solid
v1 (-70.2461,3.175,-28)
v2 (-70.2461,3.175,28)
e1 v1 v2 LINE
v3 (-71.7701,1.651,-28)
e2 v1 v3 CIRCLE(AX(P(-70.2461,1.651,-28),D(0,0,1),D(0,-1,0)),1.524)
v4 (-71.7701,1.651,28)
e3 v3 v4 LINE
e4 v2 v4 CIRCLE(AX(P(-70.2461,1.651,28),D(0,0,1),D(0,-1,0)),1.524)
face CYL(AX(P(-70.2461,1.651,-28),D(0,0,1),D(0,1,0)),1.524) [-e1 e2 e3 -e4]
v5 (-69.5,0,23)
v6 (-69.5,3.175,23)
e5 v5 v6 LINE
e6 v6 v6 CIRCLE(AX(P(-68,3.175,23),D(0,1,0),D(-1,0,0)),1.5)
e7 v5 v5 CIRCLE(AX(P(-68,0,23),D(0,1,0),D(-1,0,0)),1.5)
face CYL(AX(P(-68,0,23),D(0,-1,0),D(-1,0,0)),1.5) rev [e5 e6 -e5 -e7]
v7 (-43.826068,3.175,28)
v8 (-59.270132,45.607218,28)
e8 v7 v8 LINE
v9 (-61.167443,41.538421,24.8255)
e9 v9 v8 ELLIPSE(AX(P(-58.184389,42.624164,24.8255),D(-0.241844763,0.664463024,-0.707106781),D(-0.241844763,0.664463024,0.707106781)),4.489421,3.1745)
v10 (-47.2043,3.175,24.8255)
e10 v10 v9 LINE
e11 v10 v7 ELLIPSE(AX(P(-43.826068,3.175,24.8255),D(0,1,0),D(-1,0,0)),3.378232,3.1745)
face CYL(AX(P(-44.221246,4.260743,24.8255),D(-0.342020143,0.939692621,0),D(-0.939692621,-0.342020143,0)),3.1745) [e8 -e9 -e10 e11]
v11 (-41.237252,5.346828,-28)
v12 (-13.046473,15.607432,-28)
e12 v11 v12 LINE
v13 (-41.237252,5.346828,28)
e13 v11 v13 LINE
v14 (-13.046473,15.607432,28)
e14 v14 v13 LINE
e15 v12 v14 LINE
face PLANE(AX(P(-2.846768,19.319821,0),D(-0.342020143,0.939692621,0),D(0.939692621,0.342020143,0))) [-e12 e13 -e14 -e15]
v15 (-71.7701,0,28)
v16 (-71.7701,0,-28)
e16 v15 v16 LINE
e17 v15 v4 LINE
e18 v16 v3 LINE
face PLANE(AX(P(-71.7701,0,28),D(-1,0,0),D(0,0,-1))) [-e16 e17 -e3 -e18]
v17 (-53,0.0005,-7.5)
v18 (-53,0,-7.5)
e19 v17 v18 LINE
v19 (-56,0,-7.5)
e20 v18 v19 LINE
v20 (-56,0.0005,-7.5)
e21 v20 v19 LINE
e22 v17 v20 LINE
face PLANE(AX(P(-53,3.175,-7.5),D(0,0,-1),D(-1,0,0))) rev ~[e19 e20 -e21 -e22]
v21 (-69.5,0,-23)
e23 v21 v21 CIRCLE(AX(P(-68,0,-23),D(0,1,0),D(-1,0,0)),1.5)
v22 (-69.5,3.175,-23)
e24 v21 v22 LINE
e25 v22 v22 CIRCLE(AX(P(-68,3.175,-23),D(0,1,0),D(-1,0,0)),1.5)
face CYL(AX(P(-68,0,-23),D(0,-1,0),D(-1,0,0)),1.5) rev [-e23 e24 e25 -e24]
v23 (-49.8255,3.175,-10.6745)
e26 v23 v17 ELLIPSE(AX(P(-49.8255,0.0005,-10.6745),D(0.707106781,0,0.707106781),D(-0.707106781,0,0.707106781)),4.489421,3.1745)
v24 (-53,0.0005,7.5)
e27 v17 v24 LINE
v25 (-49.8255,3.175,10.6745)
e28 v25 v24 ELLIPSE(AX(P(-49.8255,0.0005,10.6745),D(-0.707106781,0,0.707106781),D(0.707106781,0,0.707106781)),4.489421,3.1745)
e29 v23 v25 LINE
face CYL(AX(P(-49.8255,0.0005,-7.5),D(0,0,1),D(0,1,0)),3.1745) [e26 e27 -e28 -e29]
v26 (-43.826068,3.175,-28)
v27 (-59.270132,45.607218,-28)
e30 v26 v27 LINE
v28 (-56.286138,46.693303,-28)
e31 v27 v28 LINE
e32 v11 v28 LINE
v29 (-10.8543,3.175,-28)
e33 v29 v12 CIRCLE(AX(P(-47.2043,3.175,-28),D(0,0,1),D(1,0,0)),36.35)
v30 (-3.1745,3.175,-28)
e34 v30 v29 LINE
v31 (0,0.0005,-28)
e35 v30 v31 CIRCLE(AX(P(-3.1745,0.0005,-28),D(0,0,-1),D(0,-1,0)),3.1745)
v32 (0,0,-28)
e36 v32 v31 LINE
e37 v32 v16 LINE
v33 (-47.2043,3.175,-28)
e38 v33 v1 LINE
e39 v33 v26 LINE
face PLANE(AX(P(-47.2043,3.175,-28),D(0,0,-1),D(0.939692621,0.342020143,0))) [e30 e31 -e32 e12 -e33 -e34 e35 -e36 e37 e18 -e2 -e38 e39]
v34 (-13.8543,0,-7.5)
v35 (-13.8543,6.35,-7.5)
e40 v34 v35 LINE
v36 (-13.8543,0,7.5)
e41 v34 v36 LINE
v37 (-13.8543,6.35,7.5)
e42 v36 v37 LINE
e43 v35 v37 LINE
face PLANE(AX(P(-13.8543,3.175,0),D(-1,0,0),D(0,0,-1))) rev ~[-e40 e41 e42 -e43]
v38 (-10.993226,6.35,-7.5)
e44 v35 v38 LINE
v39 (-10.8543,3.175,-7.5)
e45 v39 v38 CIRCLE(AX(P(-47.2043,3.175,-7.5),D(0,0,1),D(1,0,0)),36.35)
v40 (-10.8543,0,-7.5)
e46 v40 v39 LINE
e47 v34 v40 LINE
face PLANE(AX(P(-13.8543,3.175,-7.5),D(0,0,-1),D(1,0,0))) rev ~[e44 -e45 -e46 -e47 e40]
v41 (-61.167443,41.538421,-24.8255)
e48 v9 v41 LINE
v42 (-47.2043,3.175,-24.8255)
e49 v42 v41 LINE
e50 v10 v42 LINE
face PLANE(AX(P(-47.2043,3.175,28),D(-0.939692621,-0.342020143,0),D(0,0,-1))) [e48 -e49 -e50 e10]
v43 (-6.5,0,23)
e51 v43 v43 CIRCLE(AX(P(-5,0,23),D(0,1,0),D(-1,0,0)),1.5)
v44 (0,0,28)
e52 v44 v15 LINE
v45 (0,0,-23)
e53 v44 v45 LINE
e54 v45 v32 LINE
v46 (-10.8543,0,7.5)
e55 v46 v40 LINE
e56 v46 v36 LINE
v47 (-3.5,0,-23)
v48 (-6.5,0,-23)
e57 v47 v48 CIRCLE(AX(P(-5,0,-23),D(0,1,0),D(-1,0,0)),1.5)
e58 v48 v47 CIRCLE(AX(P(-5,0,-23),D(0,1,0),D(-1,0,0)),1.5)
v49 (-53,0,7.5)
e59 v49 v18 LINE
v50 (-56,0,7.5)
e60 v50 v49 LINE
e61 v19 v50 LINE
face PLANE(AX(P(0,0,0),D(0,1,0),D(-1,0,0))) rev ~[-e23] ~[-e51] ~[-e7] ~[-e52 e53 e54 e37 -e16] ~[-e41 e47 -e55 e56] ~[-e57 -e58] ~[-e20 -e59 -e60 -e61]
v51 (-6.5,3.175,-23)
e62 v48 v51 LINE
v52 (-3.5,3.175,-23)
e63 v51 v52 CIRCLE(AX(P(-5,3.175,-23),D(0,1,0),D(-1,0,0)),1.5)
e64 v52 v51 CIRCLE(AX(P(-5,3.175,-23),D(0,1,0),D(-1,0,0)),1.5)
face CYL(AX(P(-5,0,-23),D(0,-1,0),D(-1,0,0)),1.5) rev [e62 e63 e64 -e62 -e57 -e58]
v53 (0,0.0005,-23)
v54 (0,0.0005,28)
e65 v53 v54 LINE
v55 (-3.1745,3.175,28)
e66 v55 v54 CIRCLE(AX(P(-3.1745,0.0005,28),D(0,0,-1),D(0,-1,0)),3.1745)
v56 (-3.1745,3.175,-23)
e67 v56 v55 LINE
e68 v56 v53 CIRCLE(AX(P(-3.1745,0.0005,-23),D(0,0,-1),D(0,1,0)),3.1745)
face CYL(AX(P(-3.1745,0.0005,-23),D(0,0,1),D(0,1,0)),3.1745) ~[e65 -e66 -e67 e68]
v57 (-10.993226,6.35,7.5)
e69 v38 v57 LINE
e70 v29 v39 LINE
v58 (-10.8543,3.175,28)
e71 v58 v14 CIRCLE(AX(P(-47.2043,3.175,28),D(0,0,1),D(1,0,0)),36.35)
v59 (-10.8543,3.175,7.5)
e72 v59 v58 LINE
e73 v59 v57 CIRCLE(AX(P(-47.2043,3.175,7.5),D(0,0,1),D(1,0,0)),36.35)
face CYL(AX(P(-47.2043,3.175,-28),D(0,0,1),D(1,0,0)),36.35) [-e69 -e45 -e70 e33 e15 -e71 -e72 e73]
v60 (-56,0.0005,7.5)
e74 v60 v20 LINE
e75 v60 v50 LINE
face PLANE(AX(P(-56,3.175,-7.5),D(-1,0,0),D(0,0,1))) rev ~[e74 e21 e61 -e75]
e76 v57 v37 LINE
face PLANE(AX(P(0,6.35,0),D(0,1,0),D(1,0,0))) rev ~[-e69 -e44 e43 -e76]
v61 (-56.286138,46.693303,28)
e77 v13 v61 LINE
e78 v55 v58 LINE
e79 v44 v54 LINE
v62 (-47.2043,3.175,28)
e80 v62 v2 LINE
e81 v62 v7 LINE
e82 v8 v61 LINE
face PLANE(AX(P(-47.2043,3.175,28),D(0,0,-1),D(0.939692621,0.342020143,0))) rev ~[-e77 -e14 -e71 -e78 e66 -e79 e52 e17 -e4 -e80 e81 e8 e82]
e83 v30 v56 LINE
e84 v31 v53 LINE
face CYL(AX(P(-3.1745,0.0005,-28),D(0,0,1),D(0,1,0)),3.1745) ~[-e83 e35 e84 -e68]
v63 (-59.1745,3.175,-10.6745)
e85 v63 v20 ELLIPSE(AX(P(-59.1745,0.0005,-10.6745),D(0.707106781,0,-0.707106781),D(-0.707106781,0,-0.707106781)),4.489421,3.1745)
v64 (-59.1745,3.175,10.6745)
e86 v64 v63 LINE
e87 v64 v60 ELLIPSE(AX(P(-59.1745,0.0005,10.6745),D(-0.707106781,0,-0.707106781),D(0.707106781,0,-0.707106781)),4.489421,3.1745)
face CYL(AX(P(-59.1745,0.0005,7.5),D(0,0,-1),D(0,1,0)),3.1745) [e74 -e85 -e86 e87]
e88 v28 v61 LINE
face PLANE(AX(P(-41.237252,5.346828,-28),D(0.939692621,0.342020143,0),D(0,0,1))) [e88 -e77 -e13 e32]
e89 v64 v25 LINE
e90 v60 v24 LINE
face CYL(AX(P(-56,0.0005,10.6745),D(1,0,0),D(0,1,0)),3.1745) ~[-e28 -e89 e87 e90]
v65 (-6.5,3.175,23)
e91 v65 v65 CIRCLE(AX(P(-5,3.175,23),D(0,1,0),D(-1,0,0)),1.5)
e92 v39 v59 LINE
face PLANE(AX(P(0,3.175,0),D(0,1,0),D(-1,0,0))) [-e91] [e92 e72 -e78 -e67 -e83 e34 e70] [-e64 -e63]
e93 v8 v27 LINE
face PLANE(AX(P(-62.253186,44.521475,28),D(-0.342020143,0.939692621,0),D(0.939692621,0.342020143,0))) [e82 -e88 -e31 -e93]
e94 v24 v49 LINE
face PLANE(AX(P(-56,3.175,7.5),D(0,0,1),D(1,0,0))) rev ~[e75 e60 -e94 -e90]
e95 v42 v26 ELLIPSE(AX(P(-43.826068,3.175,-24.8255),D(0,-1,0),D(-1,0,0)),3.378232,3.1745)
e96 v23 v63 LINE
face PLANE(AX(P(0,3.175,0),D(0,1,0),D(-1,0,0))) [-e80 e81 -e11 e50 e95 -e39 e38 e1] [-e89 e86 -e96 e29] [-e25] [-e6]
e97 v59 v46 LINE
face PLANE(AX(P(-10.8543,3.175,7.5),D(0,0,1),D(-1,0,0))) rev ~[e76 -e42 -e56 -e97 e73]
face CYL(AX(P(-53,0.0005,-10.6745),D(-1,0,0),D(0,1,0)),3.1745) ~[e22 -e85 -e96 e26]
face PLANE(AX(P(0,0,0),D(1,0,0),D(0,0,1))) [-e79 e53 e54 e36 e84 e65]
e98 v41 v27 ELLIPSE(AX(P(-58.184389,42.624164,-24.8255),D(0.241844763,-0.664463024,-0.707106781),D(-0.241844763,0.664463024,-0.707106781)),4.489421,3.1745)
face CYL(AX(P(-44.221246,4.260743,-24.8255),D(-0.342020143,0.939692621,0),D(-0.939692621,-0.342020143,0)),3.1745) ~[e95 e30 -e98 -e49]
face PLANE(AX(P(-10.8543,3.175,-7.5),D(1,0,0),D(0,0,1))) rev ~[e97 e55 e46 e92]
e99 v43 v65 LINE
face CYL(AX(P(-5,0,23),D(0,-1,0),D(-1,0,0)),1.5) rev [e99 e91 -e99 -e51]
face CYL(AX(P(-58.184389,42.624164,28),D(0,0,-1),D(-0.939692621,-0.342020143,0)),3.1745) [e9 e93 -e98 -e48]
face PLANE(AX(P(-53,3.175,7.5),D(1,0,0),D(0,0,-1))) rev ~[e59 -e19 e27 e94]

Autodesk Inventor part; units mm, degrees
ref_plane "YZ Plane" through (0, 0, 0) normal (1, 0, 0) x (0, 1, 0)
ref_plane "XZ Plane" through (0, 0, 0) normal (0, 1, 0) x (-1, 0, 0)
ref_plane "XY Plane" through (0, 0, 0) normal (0, 0, 1) x (1, 0, 0)
sketch "Sketch1" plane through (0, 0, 0) normal (0, 1, 0) x (-1, 0, 0)
  line L0 (0, 0) -> (0, 28)
  line L1 (0, 28) -> (0, 23)
  circle A0 centre (5, 23) radius 1.5
  circle A1 centre (68, 23) radius 1.5
  line L2 (0, 28) -> (71.7701, 28)
  line L3 (71.7701, 28) -> (71.7701, 0)
  line L4 (71.7701, 0) -> (0, 0)
  line L5 (0, 0) -> (0, -28)
  line L6 (0, -28) -> (0, -23)
  line L7 (0, -23) -> (5, -23)
  circle A2 centre (5, -23) radius 1.5
  circle A3 centre (68, -23) radius 1.5
  line L8 (0, -28) -> (71.7701, -28)
  line L9 (71.7701, -28) -> (71.7701, 0)
  dimension "d0" = 28
  dimension "d4" = 3
  dimension "d6" = 3
extrude "Extrusion1" add sketch "Sketch1" along normal blind 3.175
sketch "Sketch2" plane through (0, 3.175, 0) normal (0, 1, 0) x (1, 0, 0)
  line L0 (0, 28) -> (-71.7701, 28) projected
  line L1 (-10.8543, 28) -> (-10.8543, -28)
  line L2 (-71.7701, -28) -> (0, -28) projected
  line L3 (-10.8543, -28) -> (-40.8543, -28)
  line L4 (-40.8543, -28) -> (-40.8543, 28)
  line L5 (-40.8543, 28) -> (-10.8543, 28)
  line L6 (-40.8543, -28) -> (-47.2043, -28)
  line L7 (-47.2043, -28) -> (-47.2043, 28)
  line L8 (-40.8543, 28) -> (-47.2043, 28)
  point P0 (0, 0)
  dimension "d9" = 30
  dimension "d10" = 6.35
revolve "Revolution1" add sketch "Sketch2" angle 20 about axis through (-47.2043, 3.175, 28) along (0, 0, 1)
sketch "Sketch3" plane through (-47.2043, 3.175, 28) normal (-0.342, 0.9397, 0) x (0.9397, 0.342, 0)
  line L0 (0, 0) -> (0, 56) projected
  line L1 (0, 56) -> (6.35, 56)
  line L2 (43.2716, 56) -> (-24.1703, 56) projected
  line L3 (6.35, 56) -> (6.35, 0)
  line L4 (0, 0) -> (36.35, 0) projected
  line L5 (-23.0843, 0) -> (0, 0) projected
  line L6 (6.35, 0) -> (0, 0)
  line L7 (0, 0) -> (0, 56)
  point P0 (43.2716, 28)
  dimension "d12" = 6.35
extrude "Extrusion2" add sketch "Sketch3" along normal blind 44
sketch "Sketch4" plane through (0, 3.175, 0) normal (0, 1, 0) x (1, 0, 0)
  line L0 (-10.8543, 28) -> (-10.8543, -28) projected
  line L1 (-10.8543, 0) -> (-10.8543, -7.5)
  line L2 (-10.8543, -7.5) -> (-13.8543, -7.5)
  line L3 (-13.8543, -7.5) -> (-13.8543, 0)
  line L4 (-13.8543, 0) -> (-13.8543, 7.5)
  line L5 (-13.8543, 7.5) -> (-10.8543, 7.5)
  line L6 (-10.8543, 7.5) -> (-10.8543, 0)
  point P0 (0, 0)
  dimension "d15" = 7.5
  dimension "d16" = 3
  dimension "d17" = 7.5
extrude "Extrusion3" cut sketch "Sketch4" along normal mid plane 6.35
sketch "Sketch5" plane through (0, 3.175, 0) normal (0, 1, 0) x (1, 0, 0)
  line L0 (0, 28) -> (-10.8543, 28) projected
  line L1 (0, 28) -> (-53, 28)
  line L2 (0, 28) -> (-71.7701, 28) projected
  line L3 (-53, 0) -> (-53, 7.5)
  line L4 (-53, 7.5) -> (-56, 7.5)
  line L5 (-56, 7.5) -> (-56, 0)
  line L6 (-56, 0) -> (-56, -7.5)
  line L7 (-56, -7.5) -> (-53, -7.5)
  line L8 (-53, -7.5) -> (-53, 0)
  point P0 (0, 0)
  dimension "d20" = 53
  dimension "d21" = 7.5
  dimension "d22" = 3
  dimension "d23" = 7.5
extrude "Extrusion4" cut sketch "Sketch5" against normal blind 6.35
fillet "Fillet1" radius 3.175 8 edges at (0, 3.175, 0) (-54.7287, 23.8482, 28) (-54.7287, 23.8482, -28) (-62.2532, 44.5215, 0) (-56, 3.175, 0) (-53, 3.175, 0) (-54.5, 3.175, -7.5) (-54.5, 3.175, 7.5)
fillet "Fillet2" radius 1.524 1 edges at (-71.7701, 3.175, 0)
sketch "Sketch6" plane through (-41.2373, 5.3468, 28) normal (0.9397, 0.342, 0) x (0, 0, -1)
  line L0 (0, 44) -> (3.175, 40.825) projected
  line L1 (52.825, 40.825) -> (56, 44) projected
  line L2 (0, 44) -> (56, 44)
  point P0 (28, -19.1283)
sketch "Sketch7" plane through (-41.2373, 5.3468, 28) normal (0.9397, 0.342, 0) x (0, 0, -1)
  line L0 (0, -1.1556) -> (0, 44) projected
  line L1 (0, 0) -> (0, 44)
  line L2 (56, -1.1556) -> (56, 7.8808) projected
  point P0 (28, -19.1283)
  point P1 (56, 44)
properties part number "_3DPrint"
